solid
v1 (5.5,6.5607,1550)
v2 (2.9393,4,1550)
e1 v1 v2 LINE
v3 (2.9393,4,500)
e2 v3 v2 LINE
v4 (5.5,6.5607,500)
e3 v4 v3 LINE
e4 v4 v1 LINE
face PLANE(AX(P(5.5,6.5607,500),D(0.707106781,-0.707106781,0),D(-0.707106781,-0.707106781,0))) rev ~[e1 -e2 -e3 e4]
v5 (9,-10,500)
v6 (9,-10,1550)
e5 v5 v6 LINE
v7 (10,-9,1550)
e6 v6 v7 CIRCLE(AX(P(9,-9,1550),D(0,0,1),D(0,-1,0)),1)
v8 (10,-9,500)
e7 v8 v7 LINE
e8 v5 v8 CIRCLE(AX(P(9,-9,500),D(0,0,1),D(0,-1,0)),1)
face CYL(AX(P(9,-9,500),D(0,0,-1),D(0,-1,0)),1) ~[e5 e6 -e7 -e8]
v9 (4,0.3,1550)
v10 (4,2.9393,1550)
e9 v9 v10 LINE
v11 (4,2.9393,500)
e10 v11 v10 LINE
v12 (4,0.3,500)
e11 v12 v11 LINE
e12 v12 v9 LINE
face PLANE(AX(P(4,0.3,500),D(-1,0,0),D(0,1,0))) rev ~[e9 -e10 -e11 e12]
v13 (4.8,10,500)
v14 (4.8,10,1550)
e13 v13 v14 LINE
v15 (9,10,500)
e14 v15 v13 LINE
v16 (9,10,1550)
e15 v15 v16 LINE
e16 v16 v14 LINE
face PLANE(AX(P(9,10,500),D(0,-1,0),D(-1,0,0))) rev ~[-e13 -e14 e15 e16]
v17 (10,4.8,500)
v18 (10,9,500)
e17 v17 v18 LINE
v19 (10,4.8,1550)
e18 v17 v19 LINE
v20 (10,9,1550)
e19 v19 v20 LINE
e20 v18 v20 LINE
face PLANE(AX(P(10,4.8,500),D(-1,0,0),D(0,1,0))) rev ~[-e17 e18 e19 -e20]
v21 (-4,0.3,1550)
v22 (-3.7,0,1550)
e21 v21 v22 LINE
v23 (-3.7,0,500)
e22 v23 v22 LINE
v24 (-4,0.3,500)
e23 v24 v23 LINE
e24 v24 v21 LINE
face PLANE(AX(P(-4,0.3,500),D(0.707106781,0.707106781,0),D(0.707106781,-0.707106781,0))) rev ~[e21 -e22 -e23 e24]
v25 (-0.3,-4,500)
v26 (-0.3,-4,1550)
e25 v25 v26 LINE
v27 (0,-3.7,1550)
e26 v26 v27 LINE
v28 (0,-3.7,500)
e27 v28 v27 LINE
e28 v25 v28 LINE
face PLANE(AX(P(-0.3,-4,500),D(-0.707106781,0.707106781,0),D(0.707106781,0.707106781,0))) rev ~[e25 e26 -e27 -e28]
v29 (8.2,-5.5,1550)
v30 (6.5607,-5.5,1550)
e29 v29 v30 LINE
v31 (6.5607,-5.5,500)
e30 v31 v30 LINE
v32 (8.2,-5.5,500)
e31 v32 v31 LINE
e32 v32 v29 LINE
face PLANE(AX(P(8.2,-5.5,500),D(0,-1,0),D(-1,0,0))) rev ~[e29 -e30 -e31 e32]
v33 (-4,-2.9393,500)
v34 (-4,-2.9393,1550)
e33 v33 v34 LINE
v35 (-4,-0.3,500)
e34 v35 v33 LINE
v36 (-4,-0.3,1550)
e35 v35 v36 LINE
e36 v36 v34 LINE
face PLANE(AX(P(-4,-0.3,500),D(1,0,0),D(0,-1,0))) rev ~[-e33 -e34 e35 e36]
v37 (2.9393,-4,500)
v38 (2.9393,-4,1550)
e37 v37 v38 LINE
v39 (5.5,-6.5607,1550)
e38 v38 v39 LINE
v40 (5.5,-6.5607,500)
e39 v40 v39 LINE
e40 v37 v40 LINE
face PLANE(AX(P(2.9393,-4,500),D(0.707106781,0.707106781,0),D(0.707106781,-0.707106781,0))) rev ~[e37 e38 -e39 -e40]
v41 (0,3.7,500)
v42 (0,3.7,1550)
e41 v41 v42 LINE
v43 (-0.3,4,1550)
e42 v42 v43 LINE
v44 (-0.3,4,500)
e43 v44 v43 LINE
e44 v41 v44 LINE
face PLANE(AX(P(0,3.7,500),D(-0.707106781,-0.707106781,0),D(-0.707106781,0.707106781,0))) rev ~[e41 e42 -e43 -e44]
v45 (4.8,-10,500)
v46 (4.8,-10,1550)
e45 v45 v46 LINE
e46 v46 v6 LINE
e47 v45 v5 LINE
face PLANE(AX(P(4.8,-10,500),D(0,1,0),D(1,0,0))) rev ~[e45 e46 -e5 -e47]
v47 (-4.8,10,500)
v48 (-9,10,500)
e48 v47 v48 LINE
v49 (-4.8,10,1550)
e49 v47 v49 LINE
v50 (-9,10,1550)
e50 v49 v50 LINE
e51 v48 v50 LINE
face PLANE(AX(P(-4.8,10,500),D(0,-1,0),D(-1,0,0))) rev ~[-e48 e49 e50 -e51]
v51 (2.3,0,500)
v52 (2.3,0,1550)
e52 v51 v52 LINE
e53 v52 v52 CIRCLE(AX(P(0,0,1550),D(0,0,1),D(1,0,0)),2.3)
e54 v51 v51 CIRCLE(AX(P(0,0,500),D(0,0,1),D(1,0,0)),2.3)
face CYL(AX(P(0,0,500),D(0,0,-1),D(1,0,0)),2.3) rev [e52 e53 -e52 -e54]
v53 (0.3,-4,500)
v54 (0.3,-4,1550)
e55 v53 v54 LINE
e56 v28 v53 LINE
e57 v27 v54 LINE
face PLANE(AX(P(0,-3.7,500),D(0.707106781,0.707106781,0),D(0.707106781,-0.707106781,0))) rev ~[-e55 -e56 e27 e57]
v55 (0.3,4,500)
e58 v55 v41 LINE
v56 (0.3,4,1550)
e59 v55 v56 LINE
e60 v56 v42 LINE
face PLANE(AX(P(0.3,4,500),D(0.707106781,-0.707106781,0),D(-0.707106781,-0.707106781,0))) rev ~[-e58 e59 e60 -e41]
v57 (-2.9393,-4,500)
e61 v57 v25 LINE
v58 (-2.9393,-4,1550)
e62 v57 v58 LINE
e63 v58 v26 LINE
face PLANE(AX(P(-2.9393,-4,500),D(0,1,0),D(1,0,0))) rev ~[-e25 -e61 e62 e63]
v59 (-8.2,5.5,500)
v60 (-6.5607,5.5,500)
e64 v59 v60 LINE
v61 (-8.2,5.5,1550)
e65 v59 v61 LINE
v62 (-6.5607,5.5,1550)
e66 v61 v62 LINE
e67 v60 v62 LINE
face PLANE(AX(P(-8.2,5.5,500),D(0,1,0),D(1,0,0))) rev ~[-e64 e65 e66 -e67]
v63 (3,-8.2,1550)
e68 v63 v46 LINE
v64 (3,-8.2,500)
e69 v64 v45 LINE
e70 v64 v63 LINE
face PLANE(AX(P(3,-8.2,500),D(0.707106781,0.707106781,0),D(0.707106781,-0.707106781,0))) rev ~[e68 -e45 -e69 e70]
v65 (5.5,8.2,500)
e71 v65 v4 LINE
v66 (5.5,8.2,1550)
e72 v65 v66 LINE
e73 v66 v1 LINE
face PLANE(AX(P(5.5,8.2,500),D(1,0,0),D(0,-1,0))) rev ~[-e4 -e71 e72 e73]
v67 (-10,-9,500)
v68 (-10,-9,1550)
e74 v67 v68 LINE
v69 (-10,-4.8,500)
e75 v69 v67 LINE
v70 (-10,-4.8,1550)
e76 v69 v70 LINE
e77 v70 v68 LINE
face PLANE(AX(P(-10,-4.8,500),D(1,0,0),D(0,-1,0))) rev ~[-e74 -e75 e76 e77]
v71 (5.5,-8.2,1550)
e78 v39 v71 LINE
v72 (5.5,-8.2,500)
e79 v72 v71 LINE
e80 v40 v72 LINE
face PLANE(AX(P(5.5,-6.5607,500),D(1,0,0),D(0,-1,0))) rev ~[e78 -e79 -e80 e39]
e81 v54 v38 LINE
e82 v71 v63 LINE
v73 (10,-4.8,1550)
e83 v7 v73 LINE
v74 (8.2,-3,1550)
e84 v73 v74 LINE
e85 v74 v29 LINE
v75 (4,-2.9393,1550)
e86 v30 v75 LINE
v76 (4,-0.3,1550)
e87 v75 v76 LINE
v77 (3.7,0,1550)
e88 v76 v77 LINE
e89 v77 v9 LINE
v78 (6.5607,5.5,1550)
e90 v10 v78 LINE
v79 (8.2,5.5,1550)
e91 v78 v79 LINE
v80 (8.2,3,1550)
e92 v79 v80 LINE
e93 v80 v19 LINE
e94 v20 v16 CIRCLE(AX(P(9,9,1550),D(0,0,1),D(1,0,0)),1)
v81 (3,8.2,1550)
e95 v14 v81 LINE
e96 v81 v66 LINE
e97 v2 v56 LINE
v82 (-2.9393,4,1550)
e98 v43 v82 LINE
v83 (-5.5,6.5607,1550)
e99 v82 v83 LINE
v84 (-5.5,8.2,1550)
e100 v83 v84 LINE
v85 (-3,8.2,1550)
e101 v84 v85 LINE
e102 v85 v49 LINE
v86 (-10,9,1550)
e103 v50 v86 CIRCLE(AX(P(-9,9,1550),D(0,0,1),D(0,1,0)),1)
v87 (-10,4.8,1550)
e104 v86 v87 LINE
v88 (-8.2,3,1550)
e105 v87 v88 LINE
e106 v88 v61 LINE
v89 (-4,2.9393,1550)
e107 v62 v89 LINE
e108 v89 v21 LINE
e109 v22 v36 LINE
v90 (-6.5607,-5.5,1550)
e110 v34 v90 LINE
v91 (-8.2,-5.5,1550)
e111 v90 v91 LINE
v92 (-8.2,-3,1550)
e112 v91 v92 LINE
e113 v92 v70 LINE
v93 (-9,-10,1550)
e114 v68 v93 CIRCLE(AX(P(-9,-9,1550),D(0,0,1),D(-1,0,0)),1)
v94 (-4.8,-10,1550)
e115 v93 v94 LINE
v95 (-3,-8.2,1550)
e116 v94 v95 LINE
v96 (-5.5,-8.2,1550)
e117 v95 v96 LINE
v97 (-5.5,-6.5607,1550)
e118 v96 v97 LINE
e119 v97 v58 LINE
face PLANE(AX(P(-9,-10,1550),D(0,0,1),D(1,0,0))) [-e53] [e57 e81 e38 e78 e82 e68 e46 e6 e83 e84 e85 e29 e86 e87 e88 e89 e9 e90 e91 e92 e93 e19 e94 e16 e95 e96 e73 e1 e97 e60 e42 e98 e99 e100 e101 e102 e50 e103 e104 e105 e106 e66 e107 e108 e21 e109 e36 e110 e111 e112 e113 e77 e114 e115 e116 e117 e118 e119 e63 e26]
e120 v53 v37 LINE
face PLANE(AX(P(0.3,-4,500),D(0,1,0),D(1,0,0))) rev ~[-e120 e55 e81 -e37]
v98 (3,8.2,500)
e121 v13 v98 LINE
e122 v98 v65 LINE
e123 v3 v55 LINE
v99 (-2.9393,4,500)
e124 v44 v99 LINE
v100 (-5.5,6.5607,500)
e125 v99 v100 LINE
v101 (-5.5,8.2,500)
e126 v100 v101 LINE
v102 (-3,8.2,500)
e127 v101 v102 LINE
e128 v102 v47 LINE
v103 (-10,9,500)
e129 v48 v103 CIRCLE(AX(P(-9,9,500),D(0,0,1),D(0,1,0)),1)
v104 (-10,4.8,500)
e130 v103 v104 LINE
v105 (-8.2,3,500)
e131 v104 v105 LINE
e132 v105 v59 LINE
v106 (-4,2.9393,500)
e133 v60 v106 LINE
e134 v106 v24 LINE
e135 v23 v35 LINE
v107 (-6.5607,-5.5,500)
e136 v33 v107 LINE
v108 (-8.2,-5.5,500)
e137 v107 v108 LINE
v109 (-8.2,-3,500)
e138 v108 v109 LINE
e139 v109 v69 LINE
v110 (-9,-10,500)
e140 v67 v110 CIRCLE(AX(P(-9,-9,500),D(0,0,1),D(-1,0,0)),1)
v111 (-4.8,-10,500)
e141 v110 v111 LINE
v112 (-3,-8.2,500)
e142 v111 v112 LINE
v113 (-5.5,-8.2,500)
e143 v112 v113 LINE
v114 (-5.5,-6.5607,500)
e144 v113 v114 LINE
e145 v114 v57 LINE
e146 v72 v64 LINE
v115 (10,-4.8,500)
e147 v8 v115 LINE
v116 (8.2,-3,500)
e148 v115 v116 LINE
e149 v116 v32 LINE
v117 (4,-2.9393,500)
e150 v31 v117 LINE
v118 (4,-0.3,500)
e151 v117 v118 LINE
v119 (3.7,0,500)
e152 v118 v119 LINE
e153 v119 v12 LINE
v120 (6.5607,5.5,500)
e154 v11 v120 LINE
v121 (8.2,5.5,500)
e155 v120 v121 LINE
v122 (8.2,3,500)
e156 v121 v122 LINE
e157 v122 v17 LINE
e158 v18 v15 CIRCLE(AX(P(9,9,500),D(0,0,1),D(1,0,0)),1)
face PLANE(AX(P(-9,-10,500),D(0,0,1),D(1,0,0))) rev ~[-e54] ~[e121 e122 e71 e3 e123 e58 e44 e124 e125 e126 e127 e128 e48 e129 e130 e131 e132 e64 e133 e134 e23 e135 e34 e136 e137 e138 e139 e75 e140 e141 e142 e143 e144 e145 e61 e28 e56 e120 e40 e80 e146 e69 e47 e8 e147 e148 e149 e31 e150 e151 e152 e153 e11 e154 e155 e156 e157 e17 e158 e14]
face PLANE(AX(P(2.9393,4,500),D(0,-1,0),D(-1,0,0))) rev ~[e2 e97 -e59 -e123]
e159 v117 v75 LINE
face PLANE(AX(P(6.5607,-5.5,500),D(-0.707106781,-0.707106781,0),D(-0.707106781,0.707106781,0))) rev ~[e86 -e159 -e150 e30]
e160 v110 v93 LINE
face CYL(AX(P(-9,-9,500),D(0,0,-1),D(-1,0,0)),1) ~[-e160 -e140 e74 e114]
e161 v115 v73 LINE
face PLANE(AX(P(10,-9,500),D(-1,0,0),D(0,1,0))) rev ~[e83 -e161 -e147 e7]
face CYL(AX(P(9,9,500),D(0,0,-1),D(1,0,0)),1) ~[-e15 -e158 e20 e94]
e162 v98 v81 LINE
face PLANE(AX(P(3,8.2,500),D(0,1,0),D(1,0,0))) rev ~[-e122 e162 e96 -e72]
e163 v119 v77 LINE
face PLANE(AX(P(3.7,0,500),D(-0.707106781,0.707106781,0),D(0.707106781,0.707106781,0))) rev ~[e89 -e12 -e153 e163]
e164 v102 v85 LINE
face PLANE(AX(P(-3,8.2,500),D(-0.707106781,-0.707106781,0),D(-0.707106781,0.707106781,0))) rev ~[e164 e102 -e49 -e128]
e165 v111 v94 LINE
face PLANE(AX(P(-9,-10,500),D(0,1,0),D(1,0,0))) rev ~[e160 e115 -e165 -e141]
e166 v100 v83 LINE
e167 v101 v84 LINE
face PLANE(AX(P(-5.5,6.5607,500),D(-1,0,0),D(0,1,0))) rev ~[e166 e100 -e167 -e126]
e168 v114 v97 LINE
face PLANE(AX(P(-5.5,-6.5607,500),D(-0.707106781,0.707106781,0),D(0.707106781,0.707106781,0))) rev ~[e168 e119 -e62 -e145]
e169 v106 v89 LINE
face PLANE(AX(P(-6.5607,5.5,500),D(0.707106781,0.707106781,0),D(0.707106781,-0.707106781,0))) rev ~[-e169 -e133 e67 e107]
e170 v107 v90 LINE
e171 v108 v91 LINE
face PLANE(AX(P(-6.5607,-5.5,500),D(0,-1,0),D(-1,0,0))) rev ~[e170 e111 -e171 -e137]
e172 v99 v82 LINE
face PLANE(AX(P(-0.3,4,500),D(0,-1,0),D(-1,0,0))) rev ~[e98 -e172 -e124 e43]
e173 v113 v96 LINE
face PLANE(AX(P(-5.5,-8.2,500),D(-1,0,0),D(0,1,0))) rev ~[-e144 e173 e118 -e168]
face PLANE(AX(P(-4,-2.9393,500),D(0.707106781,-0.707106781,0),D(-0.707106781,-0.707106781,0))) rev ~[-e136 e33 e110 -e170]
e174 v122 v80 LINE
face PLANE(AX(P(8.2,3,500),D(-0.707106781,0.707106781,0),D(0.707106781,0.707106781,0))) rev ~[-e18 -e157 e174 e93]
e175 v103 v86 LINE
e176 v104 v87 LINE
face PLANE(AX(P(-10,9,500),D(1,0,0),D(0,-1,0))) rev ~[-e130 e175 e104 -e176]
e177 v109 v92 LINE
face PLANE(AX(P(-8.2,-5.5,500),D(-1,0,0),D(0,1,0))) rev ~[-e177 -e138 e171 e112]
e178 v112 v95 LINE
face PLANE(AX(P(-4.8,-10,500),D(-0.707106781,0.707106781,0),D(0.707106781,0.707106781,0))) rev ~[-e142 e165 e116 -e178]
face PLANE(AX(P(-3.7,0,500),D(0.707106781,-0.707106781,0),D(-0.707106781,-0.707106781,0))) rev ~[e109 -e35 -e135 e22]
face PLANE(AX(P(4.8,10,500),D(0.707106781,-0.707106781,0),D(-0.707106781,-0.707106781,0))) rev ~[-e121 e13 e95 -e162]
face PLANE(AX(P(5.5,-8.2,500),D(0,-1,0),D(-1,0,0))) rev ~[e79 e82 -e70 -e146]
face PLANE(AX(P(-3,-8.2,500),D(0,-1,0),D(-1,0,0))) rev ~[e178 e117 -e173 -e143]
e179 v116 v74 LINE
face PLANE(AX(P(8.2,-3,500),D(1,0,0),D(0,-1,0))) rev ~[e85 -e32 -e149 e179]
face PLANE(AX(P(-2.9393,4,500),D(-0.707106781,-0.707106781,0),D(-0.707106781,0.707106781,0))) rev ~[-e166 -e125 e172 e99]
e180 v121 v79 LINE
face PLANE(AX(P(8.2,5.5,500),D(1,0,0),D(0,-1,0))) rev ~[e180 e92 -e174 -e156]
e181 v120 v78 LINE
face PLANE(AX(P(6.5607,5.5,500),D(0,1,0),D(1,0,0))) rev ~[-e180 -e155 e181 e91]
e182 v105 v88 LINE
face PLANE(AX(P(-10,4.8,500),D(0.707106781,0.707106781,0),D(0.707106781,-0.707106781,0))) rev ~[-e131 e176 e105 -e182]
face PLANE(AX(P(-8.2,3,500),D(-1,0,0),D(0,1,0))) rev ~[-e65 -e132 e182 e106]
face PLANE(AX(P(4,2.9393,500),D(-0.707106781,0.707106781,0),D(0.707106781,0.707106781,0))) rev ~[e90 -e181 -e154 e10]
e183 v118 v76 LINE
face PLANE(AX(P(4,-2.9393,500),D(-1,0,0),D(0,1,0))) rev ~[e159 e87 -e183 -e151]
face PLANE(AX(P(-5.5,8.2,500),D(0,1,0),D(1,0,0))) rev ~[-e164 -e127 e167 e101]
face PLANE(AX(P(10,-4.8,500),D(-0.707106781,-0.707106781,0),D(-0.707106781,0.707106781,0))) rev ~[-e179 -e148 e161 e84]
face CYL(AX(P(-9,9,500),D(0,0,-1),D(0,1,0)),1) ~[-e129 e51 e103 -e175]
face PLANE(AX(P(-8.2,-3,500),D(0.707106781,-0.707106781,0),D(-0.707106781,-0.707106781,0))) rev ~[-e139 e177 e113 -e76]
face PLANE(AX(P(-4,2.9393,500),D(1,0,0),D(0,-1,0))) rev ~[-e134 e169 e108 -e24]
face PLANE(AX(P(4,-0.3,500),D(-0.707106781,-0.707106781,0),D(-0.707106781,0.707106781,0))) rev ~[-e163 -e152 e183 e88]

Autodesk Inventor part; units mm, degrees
ref_plane "YZ Plane" through (0, 0, 0) normal (1, 0, 0) x (0, 1, 0)
ref_plane "Plano1" through (0, 0, -500) normal (0, 0, 1) x (1, 0, 0)
ref_plane "Plano de trabalho2" through (-9, -10, 500) normal (0, 0, 1) x (1, 0, 0)
sketch "Esboço1" plane through (-9, -10, 500) normal (0, 0, 1) x (1, 0, 0)
  arc A0 (-1, 1) -> (0, 0) centre (0, 1) ccw projected
  line L0 (0, 0) -> (4.2, 0) projected
  line L1 (4.2, 0) -> (6, 1.8) projected
  line L2 (6, 1.8) -> (3.5, 1.8) projected
  line L3 (3.5, 1.8) -> (3.5, 3.4393) projected
  line L4 (3.5, 3.4393) -> (6.0607, 6) projected
  line L5 (6.0607, 6) -> (8.7, 6) projected
  line L6 (8.7, 6) -> (9, 6.3) projected
  line L7 (9, 6.3) -> (9.3, 6) projected
  line L8 (9.3, 6) -> (11.9393, 6) projected
  line L9 (11.9393, 6) -> (14.5, 3.4393) projected
  line L10 (14.5, 3.4393) -> (14.5, 1.8) projected
  line L11 (14.5, 1.8) -> (12, 1.8) projected
  line L12 (12, 1.8) -> (13.8, 0) projected
  line L13 (13.8, 0) -> (18, 0) projected
  arc A1 (18, 0) -> (19, 1) centre (18, 1) ccw projected
  line L14 (19, 1) -> (19, 5.2) projected
  line L15 (19, 5.2) -> (17.2, 7) projected
  line L16 (17.2, 7) -> (17.2, 4.5) projected
  line L17 (17.2, 4.5) -> (15.5607, 4.5) projected
  line L18 (15.5607, 4.5) -> (13, 7.0607) projected
  line L19 (13, 7.0607) -> (13, 9.7) projected
  line L20 (13, 9.7) -> (12.7, 10) projected
  line L21 (12.7, 10) -> (13, 10.3) projected
  line L22 (13, 10.3) -> (13, 12.9393) projected
  line L23 (13, 12.9393) -> (15.5607, 15.5) projected
  line L24 (15.5607, 15.5) -> (17.2, 15.5) projected
  line L25 (17.2, 15.5) -> (17.2, 13) projected
  line L26 (17.2, 13) -> (19, 14.8) projected
  line L27 (19, 14.8) -> (19, 19) projected
  arc A2 (19, 19) -> (18, 20) centre (18, 19) ccw projected
  line L28 (18, 20) -> (13.8, 20) projected
  line L29 (13.8, 20) -> (12, 18.2) projected
  line L30 (12, 18.2) -> (14.5, 18.2) projected
  line L31 (14.5, 18.2) -> (14.5, 16.5607) projected
  line L32 (14.5, 16.5607) -> (11.9393, 14) projected
  line L33 (11.9393, 14) -> (9.3, 14) projected
  line L34 (9.3, 14) -> (9, 13.7) projected
  line L35 (9, 13.7) -> (8.7, 14) projected
  line L36 (8.7, 14) -> (6.0607, 14) projected
  line L37 (6.0607, 14) -> (3.5, 16.5607) projected
  line L38 (3.5, 16.5607) -> (3.5, 18.2) projected
  line L39 (3.5, 18.2) -> (6, 18.2) projected
  line L40 (6, 18.2) -> (4.2, 20) projected
  line L41 (4.2, 20) -> (0, 20) projected
  arc A3 (0, 20) -> (-1, 19) centre (0, 19) ccw projected
  line L42 (-1, 19) -> (-1, 14.8) projected
  line L43 (-1, 14.8) -> (0.8, 13) projected
  line L44 (0.8, 13) -> (0.8, 15.5) projected
  line L45 (0.8, 15.5) -> (2.4393, 15.5) projected
  line L46 (2.4393, 15.5) -> (5, 12.9393) projected
  line L47 (5, 12.9393) -> (5, 10.3) projected
  line L48 (5, 10.3) -> (5.3, 10) projected
  line L49 (5.3, 10) -> (5, 9.7) projected
  line L50 (5, 9.7) -> (5, 7.0607) projected
  line L51 (5, 7.0607) -> (2.4393, 4.5) projected
  line L52 (2.4393, 4.5) -> (0.8, 4.5) projected
  line L53 (0.8, 4.5) -> (0.8, 7) projected
  line L54 (0.8, 7) -> (-1, 5.2) projected
  line L55 (-1, 5.2) -> (-1, 1) projected
  circle A4 centre (9, 10) radius 2.3 projected
extrude "Extrusão1" add sketch "Esboço1" along normal blind 1050
properties part number "PERFIL 2020 V-SLOT" material "6063-T5"
